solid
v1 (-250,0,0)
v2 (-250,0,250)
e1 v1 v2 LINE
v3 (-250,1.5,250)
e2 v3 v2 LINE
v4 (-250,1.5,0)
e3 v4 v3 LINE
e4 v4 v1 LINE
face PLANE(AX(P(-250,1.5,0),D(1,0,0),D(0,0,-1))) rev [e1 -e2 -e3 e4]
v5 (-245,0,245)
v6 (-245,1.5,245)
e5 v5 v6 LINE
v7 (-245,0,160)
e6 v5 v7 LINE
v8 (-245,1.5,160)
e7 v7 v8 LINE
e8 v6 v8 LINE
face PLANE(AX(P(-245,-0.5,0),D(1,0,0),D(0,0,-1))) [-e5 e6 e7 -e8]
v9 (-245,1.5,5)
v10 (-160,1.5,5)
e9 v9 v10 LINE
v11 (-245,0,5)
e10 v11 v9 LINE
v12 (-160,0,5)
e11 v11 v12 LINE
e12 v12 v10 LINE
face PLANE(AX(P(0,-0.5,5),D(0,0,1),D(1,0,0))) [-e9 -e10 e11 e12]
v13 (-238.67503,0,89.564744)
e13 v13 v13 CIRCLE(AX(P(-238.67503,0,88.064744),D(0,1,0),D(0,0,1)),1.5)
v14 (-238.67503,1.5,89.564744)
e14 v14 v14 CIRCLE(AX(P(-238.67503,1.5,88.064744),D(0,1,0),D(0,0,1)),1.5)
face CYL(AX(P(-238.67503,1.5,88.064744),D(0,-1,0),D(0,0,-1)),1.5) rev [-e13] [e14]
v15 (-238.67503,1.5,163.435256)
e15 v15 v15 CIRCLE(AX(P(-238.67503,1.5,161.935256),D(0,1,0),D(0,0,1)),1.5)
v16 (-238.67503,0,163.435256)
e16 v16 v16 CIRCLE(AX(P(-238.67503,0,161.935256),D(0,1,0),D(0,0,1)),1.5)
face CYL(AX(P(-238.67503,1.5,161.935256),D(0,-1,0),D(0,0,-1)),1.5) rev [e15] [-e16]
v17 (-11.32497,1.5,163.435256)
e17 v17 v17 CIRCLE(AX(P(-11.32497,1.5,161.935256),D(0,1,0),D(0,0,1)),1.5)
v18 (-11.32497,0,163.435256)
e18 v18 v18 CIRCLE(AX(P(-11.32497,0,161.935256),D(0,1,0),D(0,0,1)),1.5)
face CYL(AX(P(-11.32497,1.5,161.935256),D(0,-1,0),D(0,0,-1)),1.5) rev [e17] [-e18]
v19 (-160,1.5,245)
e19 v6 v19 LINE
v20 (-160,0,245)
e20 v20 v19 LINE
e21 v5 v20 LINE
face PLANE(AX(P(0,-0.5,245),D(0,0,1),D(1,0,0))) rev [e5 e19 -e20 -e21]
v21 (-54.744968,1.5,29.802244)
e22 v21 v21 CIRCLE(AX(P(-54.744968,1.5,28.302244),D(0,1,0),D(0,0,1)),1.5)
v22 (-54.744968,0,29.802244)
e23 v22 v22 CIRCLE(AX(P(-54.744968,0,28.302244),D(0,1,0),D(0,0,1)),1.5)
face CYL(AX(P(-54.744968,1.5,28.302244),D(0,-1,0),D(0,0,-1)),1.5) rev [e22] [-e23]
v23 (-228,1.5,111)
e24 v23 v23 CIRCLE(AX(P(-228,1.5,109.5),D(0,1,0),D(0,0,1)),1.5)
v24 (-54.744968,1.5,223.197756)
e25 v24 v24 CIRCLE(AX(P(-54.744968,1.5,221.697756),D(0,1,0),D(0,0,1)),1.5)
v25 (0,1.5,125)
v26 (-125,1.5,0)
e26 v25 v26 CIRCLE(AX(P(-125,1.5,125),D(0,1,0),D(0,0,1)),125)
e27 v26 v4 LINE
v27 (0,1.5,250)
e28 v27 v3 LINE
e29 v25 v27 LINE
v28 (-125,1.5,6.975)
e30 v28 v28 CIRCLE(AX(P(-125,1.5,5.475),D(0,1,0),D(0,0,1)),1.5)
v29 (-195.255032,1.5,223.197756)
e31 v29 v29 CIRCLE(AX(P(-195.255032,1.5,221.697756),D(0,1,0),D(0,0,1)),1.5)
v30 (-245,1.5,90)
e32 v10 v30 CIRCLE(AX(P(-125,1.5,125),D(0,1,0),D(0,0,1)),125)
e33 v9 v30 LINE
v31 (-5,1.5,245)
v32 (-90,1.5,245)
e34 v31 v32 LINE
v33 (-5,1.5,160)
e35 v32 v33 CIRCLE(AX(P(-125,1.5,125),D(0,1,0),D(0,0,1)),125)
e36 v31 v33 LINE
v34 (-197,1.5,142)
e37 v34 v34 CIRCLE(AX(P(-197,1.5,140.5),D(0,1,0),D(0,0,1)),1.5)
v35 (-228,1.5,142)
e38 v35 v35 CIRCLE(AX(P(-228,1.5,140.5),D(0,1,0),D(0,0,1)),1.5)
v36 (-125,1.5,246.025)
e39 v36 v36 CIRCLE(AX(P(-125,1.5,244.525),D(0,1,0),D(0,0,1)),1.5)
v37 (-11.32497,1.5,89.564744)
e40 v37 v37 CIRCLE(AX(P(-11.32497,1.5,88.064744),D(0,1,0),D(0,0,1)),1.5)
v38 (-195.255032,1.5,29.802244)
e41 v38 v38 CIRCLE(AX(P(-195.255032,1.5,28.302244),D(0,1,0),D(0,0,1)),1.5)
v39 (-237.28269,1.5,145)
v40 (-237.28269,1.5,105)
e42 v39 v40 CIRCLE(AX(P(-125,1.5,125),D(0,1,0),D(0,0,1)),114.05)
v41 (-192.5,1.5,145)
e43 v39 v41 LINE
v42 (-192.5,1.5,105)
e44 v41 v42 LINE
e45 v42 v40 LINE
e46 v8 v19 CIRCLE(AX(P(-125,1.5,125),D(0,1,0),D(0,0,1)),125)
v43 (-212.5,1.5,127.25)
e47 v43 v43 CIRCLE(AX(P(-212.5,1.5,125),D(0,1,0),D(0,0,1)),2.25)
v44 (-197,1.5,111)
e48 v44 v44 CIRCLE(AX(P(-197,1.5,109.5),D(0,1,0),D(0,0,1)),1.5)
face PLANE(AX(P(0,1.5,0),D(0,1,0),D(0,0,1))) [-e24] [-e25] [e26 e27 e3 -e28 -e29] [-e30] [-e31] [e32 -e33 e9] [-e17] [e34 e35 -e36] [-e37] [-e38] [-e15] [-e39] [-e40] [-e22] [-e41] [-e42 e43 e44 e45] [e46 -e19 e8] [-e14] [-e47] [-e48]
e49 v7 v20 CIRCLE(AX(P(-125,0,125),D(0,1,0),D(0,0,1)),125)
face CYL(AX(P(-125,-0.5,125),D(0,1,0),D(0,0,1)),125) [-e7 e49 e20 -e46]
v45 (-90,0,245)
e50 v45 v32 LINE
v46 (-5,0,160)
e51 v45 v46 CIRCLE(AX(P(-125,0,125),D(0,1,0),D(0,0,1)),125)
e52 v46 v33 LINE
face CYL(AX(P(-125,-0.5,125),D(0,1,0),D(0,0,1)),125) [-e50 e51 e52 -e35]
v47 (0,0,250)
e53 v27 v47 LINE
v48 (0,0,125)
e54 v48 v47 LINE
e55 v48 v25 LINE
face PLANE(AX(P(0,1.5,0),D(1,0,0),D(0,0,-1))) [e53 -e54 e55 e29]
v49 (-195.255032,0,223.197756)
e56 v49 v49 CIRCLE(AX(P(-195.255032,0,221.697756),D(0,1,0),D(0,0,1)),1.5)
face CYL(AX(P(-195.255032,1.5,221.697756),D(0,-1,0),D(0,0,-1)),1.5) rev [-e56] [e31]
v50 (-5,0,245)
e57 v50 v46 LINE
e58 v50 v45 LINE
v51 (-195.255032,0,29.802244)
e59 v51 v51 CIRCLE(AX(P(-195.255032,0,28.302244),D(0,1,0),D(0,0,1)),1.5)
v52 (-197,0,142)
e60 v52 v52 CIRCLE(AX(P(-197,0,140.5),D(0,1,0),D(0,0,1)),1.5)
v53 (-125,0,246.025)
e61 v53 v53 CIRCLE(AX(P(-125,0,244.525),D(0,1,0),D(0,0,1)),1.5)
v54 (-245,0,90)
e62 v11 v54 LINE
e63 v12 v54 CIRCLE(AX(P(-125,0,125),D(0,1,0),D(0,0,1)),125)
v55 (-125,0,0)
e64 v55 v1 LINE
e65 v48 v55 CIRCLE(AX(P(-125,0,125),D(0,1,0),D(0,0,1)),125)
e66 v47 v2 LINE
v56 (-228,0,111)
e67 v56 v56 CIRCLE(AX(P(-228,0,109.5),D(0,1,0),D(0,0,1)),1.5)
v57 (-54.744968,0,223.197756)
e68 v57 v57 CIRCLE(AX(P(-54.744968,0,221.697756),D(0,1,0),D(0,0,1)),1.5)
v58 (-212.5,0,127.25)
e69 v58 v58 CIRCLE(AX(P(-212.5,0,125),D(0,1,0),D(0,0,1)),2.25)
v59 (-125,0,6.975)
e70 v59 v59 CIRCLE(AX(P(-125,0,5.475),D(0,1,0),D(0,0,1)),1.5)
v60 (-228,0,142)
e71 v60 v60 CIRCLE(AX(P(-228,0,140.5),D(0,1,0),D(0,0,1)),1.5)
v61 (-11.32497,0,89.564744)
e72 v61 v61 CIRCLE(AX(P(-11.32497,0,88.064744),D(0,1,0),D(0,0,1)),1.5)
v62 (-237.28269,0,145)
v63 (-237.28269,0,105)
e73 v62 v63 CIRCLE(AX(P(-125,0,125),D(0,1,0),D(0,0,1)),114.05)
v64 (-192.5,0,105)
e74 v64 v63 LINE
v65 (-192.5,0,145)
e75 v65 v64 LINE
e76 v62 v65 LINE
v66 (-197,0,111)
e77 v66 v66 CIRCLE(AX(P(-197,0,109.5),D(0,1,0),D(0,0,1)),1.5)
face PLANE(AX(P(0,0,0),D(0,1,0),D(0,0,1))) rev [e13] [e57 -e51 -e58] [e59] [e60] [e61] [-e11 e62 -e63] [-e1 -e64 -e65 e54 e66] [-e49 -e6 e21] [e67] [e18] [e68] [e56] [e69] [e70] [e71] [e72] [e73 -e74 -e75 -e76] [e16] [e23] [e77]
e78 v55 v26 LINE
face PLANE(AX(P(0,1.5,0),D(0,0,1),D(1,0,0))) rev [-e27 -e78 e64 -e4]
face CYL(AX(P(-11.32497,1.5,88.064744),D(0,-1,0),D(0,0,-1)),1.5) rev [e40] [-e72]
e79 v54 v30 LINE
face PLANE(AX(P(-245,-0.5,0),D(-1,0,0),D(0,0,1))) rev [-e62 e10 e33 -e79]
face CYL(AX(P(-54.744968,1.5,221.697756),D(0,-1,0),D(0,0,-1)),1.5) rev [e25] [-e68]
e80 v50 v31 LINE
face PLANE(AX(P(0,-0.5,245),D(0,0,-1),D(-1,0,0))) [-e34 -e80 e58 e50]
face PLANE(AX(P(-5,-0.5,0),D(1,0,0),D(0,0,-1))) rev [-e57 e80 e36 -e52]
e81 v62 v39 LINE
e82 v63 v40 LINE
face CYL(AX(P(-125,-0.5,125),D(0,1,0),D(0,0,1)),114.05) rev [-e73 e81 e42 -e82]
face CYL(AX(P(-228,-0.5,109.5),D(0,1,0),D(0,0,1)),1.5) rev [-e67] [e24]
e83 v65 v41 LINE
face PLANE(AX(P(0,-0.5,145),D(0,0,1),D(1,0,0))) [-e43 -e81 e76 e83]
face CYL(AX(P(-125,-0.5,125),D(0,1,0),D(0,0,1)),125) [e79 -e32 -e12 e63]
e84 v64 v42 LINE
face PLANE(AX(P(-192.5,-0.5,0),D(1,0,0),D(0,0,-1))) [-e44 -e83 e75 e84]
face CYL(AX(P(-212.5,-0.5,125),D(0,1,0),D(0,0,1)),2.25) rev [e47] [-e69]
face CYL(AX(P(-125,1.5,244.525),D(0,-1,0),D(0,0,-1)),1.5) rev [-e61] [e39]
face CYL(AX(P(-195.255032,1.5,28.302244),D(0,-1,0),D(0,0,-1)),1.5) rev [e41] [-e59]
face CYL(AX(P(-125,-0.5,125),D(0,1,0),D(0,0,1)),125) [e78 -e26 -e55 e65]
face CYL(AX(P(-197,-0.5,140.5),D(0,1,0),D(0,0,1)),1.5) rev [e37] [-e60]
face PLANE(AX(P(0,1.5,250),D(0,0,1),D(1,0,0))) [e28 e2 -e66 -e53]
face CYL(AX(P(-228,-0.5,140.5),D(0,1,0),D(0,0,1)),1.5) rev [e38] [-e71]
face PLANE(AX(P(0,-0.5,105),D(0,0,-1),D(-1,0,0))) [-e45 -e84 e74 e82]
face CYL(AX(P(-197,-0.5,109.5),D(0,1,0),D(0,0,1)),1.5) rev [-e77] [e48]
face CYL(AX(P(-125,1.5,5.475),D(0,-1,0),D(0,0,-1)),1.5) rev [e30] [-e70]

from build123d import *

# Parameters (mm, degrees)
SKETCH1_W           = 250
SKETCH1_H           = 250
SKETCH1_R           = 1.5
BOSS_EXTRUDE1_DEPTH = 1.5
SKETCH2_R           = 2.25
SKETCH2_R_2         = 1.5
CUT_EXTRUDE1_DEPTH  = 2
CUT_EXTRUDE2_DEPTH  = 2
CUT_EXTRUDE3_DEPTH  = 2


with BuildPart() as part:
    # Sketch1 → Boss-Extrude1 (new body)
    with BuildSketch(Plane(origin=(0, 0, 0), x_dir=(1, 0, 0), z_dir=(0, 1, 0))):
        with Locations((-125, -125)):
            Rectangle(SKETCH1_W, SKETCH1_H)
        with Locations(Location((-125, -5.475, 0), (0, 0, 270))):
            Circle(SKETCH1_R, mode=Mode.SUBTRACT)
        with Locations(Location((-11.32496989, -88.064743747, 0), (0, 0, 270))):
            Circle(SKETCH1_R, mode=Mode.SUBTRACT)
        with Locations(Location((-54.74496772, -28.302243747, 0), (0, 0, 270))):
            Circle(SKETCH1_R, mode=Mode.SUBTRACT)
        with Locations(Location((-11.32496989, -161.935256253, 0), (0, 0, 270))):
            Circle(SKETCH1_R, mode=Mode.SUBTRACT)
        with Locations(Location((-54.74496772, -221.697756253, 0), (0, 0, 269.999999999))):
            Circle(SKETCH1_R, mode=Mode.SUBTRACT)
        with Locations(Location((-125, -244.525, 0), (0, 0, 270))):
            Circle(SKETCH1_R, mode=Mode.SUBTRACT)
        with Locations(Location((-195.25503228, -221.697756253, 0), (0, 0, 269.999999999))):
            Circle(SKETCH1_R, mode=Mode.SUBTRACT)
        with Locations(Location((-238.67503011, -161.935256253, 0), (0, 0, 270))):
            Circle(SKETCH1_R, mode=Mode.SUBTRACT)
        with Locations(Location((-238.67503011, -88.064743747, 0), (0, 0, 270))):
            Circle(SKETCH1_R, mode=Mode.SUBTRACT)
        with Locations(Location((-195.25503228, -28.302243747, 0), (0, 0, 270))):
            Circle(SKETCH1_R, mode=Mode.SUBTRACT)
    extrude(amount=BOSS_EXTRUDE1_DEPTH)

    # Sketch2 → Cut-Extrude1 (cut)
    with BuildSketch(Plane(origin=(0, 1.5, 0), x_dir=(1, 0, 0), z_dir=(0, 1, 0))):
        with Locations(Location((-212.5, -125, 0), (0, 0, 270))):
            Circle(SKETCH2_R)
        with Locations(Location((-228, -140.5, 0), (0, 0, 270))):
            Circle(SKETCH2_R_2)
        with Locations(Location((-228, -109.5, 0), (0, 0, 270))):
            Circle(SKETCH2_R_2)
        with Locations(Location((-197, -109.5, 0), (0, 0, 270))):
            Circle(SKETCH2_R_2)
        with Locations(Location((-197, -140.5, 0), (0, 0, 270))):
            Circle(SKETCH2_R_2)
    extrude(amount=-CUT_EXTRUDE1_DEPTH, mode=Mode.SUBTRACT)

    # Sketch3 → Cut-Extrude2 (cut)
    with BuildSketch(Plane(origin=(0, 1.5, 0), x_dir=(1, 0, 0), z_dir=(0, 1, 0))):
        with BuildLine():
            ThreePointArc((-245, -90), (-213.388347648, -36.611652352), (-160, -5))
            Line((-160, -5), (-245, -5))
            Line((-245, -5), (-245, -90))
        make_face()
        with BuildLine():
            ThreePointArc((-160, -245), (-213.388347648, -213.388347648), (-245, -160))
            Line((-245, -160), (-245, -245))
            Line((-245, -245), (-160, -245))
        make_face()
        with BuildLine():
            Line((-5, -245), (-5, -160))
            ThreePointArc((-5, -160), (-36.611652352, -213.388347648), (-90, -245))
            Line((-90, -245), (-5, -245))
        make_face()
        with BuildLine():
            Line((-5, -5), (-90, -5))
            ThreePointArc((-90, -5), (-36.611652352, -36.611652352), (-5, -90))
            Line((-5, -90), (-5, -5))
        make_face()
        with BuildLine():
            ThreePointArc((-10.95, -125), (-44.354471606, -44.354471606), (-125, -10.95))
            ThreePointArc((-125, -10.95), (-198.233880479, -37.568877109), (-237.282690117, -105))
            Line((-237.282690117, -105), (-232.5, -105))
            Line((-232.5, -105), (-192.5, -105))
            Line((-192.5, -105), (-192.5, -145))
            Line((-192.5, -145), (-232.5, -145))
            Line((-232.5, -145), (-237.282690117, -145))
            ThreePointArc((-237.282690117, -145), (-114.961033616, -238.607313382), (-10.95, -125))
        make_face()
    extrude(amount=-CUT_EXTRUDE2_DEPTH, mode=Mode.SUBTRACT)

    # Sketch4 → Cut-Extrude3 (cut)
    with BuildSketch(Plane(origin=(0, 1.5, 0), x_dir=(1, 0, 0), z_dir=(0, 1, 0))):
        with BuildLine():
            Line((-125, 0), (0, 0))
            Line((0, 0), (0, -125))
            ThreePointArc((0, -125), (-36.611652352, -36.611652352), (-125, 0))
        make_face()
    extrude(amount=-CUT_EXTRUDE3_DEPTH, mode=Mode.SUBTRACT)


solid = part.part
